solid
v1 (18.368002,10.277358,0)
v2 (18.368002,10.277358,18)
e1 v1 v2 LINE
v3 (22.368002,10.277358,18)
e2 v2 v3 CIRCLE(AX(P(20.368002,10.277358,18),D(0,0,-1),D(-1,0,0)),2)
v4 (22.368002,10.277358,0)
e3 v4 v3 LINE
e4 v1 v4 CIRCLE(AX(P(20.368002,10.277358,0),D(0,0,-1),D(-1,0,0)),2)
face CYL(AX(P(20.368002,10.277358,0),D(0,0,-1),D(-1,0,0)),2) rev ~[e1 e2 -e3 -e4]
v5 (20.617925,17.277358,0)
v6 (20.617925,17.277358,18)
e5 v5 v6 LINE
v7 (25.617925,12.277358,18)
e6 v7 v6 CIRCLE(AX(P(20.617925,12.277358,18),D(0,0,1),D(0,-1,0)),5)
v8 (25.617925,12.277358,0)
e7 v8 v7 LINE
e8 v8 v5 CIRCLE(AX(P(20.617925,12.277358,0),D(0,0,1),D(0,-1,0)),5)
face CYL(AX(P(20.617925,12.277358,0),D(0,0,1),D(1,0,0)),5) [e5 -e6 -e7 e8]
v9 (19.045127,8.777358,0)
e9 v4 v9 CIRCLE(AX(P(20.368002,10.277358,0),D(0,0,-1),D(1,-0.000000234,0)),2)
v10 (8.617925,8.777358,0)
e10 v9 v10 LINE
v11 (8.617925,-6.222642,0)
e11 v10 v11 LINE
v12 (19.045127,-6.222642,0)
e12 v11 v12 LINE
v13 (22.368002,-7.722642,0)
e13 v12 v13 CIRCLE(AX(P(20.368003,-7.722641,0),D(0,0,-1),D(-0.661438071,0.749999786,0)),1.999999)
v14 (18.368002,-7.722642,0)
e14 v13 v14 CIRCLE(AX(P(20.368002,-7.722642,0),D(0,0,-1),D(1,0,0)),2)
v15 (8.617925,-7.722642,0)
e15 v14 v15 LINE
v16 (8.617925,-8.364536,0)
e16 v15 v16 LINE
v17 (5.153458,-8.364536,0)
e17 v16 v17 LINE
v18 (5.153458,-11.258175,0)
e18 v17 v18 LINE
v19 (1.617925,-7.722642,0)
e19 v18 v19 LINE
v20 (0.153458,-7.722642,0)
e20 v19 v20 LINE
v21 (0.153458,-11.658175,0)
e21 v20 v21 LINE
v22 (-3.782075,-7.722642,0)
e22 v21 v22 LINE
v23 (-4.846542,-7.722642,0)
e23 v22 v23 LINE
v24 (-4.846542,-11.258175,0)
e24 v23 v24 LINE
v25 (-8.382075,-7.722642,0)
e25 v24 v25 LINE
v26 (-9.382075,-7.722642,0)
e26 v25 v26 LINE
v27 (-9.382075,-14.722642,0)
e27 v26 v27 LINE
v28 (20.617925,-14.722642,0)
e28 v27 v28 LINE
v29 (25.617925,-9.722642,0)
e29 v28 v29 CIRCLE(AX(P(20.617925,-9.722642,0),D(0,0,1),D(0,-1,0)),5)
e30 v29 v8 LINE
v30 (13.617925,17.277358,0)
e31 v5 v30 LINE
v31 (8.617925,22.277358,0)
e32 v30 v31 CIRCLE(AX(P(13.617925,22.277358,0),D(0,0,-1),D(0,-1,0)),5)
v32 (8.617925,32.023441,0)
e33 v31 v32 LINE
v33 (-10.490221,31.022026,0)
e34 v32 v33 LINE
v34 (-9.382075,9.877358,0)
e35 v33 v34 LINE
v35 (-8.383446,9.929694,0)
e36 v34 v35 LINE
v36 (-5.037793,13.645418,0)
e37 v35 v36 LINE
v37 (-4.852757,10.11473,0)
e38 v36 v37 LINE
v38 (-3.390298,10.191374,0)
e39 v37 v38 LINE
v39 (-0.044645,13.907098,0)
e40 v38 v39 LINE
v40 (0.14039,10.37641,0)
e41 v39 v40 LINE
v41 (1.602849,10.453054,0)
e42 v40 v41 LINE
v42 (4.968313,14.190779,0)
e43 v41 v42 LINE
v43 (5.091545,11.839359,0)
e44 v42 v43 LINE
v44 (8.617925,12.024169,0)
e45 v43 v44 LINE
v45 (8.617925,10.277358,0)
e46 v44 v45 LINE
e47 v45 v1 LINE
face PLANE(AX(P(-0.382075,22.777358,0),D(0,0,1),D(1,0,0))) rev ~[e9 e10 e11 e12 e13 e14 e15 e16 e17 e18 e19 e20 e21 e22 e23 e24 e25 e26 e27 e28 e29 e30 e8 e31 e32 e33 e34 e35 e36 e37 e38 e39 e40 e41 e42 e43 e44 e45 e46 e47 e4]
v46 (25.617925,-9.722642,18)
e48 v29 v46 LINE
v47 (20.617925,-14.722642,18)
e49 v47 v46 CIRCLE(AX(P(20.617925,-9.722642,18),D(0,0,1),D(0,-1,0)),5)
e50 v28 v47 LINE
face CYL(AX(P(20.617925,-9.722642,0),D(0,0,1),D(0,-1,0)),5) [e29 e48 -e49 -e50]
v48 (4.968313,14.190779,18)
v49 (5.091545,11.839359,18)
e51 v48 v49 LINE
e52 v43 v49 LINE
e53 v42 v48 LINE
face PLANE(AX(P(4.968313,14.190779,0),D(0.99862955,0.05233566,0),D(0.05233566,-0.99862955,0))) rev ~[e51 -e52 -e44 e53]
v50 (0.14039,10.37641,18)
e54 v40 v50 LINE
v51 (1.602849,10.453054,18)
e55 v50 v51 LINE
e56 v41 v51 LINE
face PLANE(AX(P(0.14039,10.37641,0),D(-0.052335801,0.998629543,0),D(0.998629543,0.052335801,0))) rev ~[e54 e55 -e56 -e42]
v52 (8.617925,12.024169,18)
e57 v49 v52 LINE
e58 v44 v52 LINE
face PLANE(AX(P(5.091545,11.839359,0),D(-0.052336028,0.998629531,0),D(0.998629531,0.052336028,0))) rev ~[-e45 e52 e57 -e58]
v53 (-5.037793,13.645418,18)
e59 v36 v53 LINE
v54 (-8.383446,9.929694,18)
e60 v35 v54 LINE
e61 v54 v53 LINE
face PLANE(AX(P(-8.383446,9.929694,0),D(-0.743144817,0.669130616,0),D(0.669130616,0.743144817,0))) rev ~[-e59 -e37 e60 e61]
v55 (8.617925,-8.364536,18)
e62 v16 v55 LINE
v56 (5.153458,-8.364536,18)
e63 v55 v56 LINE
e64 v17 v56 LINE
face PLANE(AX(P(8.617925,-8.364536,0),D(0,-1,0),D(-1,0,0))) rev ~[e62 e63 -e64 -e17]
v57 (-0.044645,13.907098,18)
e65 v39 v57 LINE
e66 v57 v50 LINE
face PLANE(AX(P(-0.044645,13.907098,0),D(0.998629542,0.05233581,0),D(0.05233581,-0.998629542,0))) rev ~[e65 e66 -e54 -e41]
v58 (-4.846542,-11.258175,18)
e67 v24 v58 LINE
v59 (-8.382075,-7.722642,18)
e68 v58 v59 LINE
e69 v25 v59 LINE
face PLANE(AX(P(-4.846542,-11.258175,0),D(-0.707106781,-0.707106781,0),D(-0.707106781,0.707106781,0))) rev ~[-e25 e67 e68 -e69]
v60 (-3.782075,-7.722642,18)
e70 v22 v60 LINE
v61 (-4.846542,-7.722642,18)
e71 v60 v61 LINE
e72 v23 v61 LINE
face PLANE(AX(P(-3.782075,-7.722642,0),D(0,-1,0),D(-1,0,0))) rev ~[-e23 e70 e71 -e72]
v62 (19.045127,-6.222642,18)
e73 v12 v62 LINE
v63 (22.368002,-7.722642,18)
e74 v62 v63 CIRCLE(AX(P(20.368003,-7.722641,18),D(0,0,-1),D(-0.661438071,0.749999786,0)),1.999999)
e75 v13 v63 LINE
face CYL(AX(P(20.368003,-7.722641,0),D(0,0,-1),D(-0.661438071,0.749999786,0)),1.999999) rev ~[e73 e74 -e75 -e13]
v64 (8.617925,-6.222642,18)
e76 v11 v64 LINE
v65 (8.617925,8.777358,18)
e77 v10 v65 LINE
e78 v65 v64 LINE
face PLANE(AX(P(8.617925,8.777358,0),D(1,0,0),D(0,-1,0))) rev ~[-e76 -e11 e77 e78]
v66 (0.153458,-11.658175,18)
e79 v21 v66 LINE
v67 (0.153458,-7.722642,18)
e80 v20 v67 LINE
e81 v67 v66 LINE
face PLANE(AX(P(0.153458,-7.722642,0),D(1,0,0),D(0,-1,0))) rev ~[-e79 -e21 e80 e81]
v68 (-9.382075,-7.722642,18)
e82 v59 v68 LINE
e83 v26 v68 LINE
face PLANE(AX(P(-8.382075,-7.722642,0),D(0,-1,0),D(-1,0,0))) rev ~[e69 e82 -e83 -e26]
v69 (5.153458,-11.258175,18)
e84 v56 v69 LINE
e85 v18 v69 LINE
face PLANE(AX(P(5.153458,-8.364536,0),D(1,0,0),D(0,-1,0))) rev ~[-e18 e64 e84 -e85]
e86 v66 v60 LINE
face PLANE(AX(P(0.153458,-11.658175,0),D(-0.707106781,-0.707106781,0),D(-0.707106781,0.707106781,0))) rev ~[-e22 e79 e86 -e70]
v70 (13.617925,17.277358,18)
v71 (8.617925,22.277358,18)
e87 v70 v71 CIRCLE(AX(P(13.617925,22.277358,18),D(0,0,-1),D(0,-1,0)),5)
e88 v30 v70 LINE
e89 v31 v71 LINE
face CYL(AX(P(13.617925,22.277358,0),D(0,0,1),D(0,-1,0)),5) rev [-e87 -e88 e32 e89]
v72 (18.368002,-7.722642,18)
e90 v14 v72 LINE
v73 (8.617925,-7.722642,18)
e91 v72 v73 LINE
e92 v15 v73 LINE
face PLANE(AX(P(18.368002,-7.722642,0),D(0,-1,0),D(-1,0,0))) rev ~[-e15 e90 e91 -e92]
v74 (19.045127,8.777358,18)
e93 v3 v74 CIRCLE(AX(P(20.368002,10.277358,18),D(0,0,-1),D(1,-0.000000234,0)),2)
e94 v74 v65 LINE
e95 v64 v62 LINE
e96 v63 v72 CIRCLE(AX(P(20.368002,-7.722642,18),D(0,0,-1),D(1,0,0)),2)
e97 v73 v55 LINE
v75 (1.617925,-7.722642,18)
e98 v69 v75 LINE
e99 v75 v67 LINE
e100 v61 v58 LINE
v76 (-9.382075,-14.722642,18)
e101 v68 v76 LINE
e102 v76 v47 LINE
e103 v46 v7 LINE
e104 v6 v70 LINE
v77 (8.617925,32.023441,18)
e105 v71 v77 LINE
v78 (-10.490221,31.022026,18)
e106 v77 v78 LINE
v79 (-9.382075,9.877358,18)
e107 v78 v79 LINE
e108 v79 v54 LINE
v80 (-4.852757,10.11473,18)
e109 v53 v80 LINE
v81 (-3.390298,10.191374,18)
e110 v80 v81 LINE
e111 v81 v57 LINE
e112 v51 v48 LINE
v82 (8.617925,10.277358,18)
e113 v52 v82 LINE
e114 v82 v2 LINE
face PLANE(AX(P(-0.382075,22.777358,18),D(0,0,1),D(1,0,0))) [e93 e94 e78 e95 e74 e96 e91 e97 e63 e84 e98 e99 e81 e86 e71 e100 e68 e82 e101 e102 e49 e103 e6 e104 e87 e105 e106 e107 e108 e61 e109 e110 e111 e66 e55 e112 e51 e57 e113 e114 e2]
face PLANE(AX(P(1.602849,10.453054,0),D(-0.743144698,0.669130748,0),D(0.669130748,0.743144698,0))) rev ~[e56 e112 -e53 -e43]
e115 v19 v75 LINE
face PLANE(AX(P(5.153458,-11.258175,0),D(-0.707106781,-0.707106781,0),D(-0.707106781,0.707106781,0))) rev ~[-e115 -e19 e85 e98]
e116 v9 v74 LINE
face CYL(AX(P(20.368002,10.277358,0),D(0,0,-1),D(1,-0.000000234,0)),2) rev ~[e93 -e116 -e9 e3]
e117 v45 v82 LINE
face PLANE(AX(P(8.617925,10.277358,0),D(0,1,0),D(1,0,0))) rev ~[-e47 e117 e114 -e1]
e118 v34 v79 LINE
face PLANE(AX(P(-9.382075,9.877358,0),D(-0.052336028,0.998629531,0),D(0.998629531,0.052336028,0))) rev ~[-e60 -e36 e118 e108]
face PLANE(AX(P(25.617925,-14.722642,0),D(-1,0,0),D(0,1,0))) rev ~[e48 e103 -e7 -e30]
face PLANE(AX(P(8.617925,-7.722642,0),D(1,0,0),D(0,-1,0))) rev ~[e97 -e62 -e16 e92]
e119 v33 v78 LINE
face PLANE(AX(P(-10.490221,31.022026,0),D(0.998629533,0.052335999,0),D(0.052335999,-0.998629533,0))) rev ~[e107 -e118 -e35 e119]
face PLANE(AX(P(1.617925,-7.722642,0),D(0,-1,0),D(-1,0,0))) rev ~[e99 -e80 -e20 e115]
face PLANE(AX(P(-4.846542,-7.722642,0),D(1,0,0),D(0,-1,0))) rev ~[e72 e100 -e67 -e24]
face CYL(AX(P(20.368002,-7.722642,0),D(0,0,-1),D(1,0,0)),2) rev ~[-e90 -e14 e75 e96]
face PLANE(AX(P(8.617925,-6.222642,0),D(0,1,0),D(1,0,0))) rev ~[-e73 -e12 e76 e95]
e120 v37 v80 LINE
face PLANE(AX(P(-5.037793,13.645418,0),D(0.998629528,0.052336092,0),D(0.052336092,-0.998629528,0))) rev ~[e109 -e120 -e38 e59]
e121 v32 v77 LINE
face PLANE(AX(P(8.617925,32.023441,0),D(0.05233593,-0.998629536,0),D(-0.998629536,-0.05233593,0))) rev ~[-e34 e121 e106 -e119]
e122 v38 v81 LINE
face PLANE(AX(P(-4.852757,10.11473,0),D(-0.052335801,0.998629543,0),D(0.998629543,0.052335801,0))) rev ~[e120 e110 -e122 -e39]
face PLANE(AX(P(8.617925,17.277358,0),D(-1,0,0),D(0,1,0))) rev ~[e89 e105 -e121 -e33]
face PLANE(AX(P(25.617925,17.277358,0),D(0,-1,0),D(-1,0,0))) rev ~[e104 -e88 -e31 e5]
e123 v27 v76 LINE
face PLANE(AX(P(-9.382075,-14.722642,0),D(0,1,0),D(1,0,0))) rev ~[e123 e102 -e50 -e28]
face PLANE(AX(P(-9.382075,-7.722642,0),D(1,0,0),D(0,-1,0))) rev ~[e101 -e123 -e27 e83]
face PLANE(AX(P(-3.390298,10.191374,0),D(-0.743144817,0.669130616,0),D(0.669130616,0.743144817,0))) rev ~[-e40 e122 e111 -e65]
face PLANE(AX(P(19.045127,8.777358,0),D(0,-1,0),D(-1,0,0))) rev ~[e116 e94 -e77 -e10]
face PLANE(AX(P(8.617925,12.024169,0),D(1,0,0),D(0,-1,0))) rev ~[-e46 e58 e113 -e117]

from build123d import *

# Parameters (mm, degrees)
F0_W     = 18
F0_H     = 11
F1_DEPTH = 18
F2_R     = 5


with BuildPart() as f1:
    # F0 (on Top) → F1 (new body)
    with BuildSketch(Plane.XY):
        with Locations((-0.382075, 22.777358)):
            Rectangle(F0_W, F0_H)
        with BuildLine():
            Line((-9.382075, 10.277358), (-9.382075, 9.877358))
            Line((-9.382075, 9.877358), (-8.383446, 9.929694))
            Line((-8.383446, 9.929694), (-5.037793, 13.645418))
            Line((-5.037793, 13.645418), (-4.852757, 10.11473))
            Line((-4.852757, 10.11473), (-3.390298, 10.191374))
            Line((-3.390298, 10.191374), (-0.044645, 13.907098))
            Line((-0.044645, 13.907098), (0.14039, 10.37641))
            Line((0.14039, 10.37641), (1.602849, 10.453054))
            Line((1.602849, 10.453054), (4.968313, 14.190779))
            Line((4.968313, 14.190779), (5.091545, 11.839359))
            Line((5.091545, 11.839359), (8.617925, 12.024169))
            Line((8.617925, 12.024169), (8.617925, 10.820698))
            Line((8.617925, 10.820698), (8.617925, 10.277358))
            Line((8.617925, 10.277358), (18.368002, 10.277358))
            ThreePointArc((18.368002, 10.277358), (20.368002, 12.277358), (22.368002, 10.277358))
            ThreePointArc((22.368002, 10.277358), (21.190878, 8.454483), (19.045127, 8.777358))
            Line((19.045127, 8.777358), (8.617925, 8.777358))
            Line((8.617925, 8.777358), (8.617925, -6.222642))
            Line((8.617925, -6.222642), (19.045127, -6.222642))
            ThreePointArc((19.045127, -6.222642), (21.190878, -5.899766), (22.368002, -7.722642))
            ThreePointArc((22.368002, -7.722642), (20.368002, -9.722642), (18.368002, -7.722642))
            Line((18.368002, -7.722642), (8.617925, -7.722642))
            Line((8.617925, -7.722642), (8.617925, -8.364536))
            Line((8.617925, -8.364536), (5.153458, -8.364536))
            Line((5.153458, -8.364536), (5.153458, -11.258175))
            Line((5.153458, -11.258175), (1.617925, -7.722642))
            Line((1.617925, -7.722642), (0.153458, -7.722642))
            Line((0.153458, -7.722642), (0.153458, -11.658175))
            Line((0.153458, -11.658175), (-3.782075, -7.722642))
            Line((-3.782075, -7.722642), (-4.846542, -7.722642))
            Line((-4.846542, -7.722642), (-4.846542, -11.258175))
            Line((-4.846542, -11.258175), (-8.382075, -7.722642))
            Line((-8.382075, -7.722642), (-9.382075, -7.722642))
            Line((-9.382075, -7.722642), (-9.382075, -14.722642))
            Line((-9.382075, -14.722642), (25.617925, -14.722642))
            Line((25.617925, -14.722642), (25.617925, 17.277358))
            Line((25.617925, 17.277358), (8.617925, 17.277358))
            Line((8.617925, 17.277358), (-9.382075, 17.277358))
            Line((-9.382075, 17.277358), (-9.382075, 10.277358))
        make_face()
        Polygon((-10.490221, 31.022026), (-9.382075, 9.877358), (-9.382075, 10.277358), (-9.382075, 17.277358), (-9.382075, 28.277358), (8.617925, 28.277358), (8.617925, 32.023441), align=None)
    extrude(amount=F1_DEPTH)

    # F2
    f2_edges = [f1.edges().sort_by_distance(p)[0] for p in [
        (8.617925, 17.277358, 9),
        (25.617925, 17.277358, 9),
        (25.617925, -14.722642, 9),
    ]]
    fillet(f2_edges, radius=F2_R)


solid = f1.part
